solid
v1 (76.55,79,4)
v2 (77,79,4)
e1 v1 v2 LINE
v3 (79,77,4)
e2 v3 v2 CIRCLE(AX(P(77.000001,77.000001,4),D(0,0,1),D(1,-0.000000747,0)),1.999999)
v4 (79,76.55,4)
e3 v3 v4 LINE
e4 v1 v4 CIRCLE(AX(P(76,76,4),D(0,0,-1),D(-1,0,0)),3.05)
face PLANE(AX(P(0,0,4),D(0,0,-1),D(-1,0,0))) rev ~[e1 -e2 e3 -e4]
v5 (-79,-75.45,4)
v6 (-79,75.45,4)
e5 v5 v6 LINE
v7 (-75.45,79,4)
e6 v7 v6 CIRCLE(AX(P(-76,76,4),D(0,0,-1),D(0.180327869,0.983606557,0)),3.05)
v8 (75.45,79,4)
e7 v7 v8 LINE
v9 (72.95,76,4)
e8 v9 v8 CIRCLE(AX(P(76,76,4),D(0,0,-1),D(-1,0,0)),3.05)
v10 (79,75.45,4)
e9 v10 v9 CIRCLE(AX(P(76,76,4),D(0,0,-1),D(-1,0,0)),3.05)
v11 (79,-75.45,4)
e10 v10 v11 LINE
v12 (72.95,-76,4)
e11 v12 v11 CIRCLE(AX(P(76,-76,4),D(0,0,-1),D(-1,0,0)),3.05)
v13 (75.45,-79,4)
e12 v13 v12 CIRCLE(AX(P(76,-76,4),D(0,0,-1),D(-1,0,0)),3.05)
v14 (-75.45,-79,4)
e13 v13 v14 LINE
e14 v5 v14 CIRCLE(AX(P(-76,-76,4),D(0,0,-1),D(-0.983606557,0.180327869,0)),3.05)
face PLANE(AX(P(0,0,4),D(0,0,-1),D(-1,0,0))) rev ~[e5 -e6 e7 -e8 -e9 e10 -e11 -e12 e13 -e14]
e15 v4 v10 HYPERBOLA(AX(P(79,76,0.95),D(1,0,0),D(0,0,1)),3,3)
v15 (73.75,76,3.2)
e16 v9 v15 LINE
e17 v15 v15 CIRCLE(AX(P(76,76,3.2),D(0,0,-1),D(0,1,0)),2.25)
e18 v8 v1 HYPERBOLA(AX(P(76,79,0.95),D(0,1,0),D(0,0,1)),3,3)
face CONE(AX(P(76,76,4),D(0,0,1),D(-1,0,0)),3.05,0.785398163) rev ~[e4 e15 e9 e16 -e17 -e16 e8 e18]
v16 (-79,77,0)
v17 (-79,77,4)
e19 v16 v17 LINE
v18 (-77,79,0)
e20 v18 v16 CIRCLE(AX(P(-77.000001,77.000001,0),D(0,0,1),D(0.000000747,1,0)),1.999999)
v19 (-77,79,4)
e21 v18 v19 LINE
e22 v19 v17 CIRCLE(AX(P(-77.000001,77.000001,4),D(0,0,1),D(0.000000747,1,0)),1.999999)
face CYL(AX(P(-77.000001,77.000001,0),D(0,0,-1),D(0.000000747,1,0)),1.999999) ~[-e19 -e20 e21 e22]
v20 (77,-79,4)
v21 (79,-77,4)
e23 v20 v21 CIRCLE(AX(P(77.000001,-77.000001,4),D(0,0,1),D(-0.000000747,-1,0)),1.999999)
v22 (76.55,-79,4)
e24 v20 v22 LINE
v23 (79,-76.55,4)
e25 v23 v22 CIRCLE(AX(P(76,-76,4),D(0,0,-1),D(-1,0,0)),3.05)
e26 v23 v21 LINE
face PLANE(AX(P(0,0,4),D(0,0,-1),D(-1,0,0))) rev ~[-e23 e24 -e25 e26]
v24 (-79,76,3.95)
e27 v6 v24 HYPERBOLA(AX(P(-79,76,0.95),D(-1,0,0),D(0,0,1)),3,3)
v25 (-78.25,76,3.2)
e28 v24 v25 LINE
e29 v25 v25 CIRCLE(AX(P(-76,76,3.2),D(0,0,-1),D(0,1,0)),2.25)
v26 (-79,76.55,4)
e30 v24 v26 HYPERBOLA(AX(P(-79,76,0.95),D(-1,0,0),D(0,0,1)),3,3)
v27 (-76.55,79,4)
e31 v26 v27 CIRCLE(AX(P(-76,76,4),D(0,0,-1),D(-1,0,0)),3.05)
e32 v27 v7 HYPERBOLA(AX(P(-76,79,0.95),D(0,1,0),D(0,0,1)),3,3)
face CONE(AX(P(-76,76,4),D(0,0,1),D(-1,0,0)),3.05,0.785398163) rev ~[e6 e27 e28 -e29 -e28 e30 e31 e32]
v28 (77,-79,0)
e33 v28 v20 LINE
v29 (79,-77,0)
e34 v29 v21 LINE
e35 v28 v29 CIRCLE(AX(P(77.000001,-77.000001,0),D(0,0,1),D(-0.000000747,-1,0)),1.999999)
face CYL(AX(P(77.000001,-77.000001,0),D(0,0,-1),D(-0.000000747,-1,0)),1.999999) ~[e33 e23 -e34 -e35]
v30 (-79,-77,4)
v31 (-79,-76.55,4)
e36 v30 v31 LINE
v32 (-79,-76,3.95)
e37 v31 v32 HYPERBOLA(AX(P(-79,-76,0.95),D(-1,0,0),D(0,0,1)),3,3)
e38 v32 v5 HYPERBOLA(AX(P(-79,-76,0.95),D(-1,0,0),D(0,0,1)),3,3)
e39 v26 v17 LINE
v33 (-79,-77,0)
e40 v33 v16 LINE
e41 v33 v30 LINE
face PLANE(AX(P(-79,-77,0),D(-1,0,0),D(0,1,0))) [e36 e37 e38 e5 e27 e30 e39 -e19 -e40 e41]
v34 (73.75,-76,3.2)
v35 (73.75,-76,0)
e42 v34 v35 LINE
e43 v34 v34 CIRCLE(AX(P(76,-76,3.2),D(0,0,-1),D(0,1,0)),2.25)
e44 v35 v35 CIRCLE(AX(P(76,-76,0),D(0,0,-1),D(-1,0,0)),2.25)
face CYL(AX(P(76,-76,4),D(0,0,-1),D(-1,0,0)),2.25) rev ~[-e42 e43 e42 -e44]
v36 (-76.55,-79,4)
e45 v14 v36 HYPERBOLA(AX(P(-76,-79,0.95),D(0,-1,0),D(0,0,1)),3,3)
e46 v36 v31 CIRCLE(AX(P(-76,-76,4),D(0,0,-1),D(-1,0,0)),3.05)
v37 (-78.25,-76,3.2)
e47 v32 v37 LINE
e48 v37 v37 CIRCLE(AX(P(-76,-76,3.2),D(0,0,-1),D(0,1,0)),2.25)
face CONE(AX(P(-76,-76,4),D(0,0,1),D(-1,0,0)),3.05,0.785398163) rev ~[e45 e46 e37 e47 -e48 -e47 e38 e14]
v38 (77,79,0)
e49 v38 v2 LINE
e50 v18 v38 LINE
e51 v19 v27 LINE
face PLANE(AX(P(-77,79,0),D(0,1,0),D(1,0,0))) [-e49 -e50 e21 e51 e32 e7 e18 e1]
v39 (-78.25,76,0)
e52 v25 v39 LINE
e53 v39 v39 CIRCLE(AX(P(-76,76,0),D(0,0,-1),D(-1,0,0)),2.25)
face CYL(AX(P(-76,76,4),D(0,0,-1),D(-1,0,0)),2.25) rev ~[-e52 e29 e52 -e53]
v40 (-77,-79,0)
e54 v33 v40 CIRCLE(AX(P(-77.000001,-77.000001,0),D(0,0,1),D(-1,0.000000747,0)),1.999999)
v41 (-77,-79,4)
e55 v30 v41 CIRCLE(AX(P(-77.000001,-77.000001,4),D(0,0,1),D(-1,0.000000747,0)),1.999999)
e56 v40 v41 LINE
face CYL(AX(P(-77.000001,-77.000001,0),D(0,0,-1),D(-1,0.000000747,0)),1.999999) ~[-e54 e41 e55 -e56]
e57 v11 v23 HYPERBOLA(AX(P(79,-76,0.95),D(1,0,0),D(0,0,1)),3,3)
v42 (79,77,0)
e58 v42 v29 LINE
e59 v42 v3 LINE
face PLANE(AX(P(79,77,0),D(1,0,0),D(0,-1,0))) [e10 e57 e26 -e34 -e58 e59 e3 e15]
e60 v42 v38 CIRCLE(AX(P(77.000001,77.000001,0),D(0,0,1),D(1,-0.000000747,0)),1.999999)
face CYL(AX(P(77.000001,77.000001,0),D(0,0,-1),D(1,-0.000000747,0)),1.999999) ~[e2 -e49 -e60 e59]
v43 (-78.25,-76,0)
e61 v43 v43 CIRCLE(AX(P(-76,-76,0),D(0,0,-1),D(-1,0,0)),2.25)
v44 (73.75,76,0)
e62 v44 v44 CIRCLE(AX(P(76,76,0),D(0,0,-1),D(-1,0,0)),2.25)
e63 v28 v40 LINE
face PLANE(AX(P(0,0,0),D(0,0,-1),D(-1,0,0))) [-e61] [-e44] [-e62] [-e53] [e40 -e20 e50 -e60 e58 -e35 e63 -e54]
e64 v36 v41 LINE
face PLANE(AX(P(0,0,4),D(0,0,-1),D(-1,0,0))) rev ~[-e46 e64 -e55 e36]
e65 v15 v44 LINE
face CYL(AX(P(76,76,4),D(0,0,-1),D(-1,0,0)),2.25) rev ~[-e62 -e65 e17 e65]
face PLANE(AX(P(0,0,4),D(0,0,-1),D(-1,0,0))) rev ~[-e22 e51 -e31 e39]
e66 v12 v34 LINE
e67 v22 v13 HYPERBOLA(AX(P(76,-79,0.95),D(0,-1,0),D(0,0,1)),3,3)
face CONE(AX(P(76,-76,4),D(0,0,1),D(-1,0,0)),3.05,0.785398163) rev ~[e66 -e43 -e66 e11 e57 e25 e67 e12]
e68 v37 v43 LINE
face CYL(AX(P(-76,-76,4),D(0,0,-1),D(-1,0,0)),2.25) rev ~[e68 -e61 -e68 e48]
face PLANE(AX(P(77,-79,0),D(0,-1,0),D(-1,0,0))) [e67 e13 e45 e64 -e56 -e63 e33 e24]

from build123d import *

# Parameters (mm, degrees)
PAD_DEPTH        = 4
HOLE_D           = 4.5
HOLE_DEPTH       = 4
HOLE_CSINK_D     = 6.1
HOLE_CSINK_ANGLE = 90
HOLE_TIPS_R      = 2.25


with BuildPart() as part:
    # Sketch → Pad (new body)
    with BuildSketch(Plane.XY):
        with BuildLine():
            Line((-77, 79), (77, 79))
            ThreePointArc((79, 77), (78.414214, 78.414214), (77, 79))
            Line((79, 77), (79, -77))
            ThreePointArc((77, -79), (78.414214, -78.414214), (79, -77))
            Line((77, -79), (-77, -79))
            ThreePointArc((-79, -77), (-78.414214, -78.414214), (-77, -79))
            Line((-79, -77), (-79, 77))
            ThreePointArc((-77, 79), (-78.414214, 78.414214), (-79, 77))
        make_face()
    extrude(amount=PAD_DEPTH)

    # Hole
    with Locations(Plane.XY.offset(4)):
        with Locations((-76, 76), (76, 76), (76, -76), (-76, -76)):
            CounterSinkHole(HOLE_D / 2, HOLE_CSINK_D / 2, depth=HOLE_DEPTH, counter_sink_angle=HOLE_CSINK_ANGLE)

    # Hole tips → Hole tip 1 section 0
    with BuildSketch(Plane.XY, mode=Mode.PRIVATE) as hole_tip_1_s0:
        with Locations((-76, 76)):
            Circle(HOLE_TIPS_R)
    loft([hole_tip_1_s0.sketch, Vertex(-76, 76, -1.351936)], mode=Mode.SUBTRACT)

    # Hole tips → Hole tip 2 section 0
    with BuildSketch(Plane.XY, mode=Mode.PRIVATE) as hole_tip_2_s0:
        with Locations((76, 76)):
            Circle(HOLE_TIPS_R)
    loft([hole_tip_2_s0.sketch, Vertex(76, 76, -1.351936)], mode=Mode.SUBTRACT)

    # Hole tips → Hole tip 3 section 0
    with BuildSketch(Plane.XY, mode=Mode.PRIVATE) as hole_tip_3_s0:
        with Locations((76, -76)):
            Circle(HOLE_TIPS_R)
    loft([hole_tip_3_s0.sketch, Vertex(76, -76, -1.351936)], mode=Mode.SUBTRACT)

    # Hole tips → Hole tip 4 section 0
    with BuildSketch(Plane.XY, mode=Mode.PRIVATE) as hole_tip_4_s0:
        with Locations((-76, -76)):
            Circle(HOLE_TIPS_R)
    loft([hole_tip_4_s0.sketch, Vertex(-76, -76, -1.351936)], mode=Mode.SUBTRACT)


solid = part.part
